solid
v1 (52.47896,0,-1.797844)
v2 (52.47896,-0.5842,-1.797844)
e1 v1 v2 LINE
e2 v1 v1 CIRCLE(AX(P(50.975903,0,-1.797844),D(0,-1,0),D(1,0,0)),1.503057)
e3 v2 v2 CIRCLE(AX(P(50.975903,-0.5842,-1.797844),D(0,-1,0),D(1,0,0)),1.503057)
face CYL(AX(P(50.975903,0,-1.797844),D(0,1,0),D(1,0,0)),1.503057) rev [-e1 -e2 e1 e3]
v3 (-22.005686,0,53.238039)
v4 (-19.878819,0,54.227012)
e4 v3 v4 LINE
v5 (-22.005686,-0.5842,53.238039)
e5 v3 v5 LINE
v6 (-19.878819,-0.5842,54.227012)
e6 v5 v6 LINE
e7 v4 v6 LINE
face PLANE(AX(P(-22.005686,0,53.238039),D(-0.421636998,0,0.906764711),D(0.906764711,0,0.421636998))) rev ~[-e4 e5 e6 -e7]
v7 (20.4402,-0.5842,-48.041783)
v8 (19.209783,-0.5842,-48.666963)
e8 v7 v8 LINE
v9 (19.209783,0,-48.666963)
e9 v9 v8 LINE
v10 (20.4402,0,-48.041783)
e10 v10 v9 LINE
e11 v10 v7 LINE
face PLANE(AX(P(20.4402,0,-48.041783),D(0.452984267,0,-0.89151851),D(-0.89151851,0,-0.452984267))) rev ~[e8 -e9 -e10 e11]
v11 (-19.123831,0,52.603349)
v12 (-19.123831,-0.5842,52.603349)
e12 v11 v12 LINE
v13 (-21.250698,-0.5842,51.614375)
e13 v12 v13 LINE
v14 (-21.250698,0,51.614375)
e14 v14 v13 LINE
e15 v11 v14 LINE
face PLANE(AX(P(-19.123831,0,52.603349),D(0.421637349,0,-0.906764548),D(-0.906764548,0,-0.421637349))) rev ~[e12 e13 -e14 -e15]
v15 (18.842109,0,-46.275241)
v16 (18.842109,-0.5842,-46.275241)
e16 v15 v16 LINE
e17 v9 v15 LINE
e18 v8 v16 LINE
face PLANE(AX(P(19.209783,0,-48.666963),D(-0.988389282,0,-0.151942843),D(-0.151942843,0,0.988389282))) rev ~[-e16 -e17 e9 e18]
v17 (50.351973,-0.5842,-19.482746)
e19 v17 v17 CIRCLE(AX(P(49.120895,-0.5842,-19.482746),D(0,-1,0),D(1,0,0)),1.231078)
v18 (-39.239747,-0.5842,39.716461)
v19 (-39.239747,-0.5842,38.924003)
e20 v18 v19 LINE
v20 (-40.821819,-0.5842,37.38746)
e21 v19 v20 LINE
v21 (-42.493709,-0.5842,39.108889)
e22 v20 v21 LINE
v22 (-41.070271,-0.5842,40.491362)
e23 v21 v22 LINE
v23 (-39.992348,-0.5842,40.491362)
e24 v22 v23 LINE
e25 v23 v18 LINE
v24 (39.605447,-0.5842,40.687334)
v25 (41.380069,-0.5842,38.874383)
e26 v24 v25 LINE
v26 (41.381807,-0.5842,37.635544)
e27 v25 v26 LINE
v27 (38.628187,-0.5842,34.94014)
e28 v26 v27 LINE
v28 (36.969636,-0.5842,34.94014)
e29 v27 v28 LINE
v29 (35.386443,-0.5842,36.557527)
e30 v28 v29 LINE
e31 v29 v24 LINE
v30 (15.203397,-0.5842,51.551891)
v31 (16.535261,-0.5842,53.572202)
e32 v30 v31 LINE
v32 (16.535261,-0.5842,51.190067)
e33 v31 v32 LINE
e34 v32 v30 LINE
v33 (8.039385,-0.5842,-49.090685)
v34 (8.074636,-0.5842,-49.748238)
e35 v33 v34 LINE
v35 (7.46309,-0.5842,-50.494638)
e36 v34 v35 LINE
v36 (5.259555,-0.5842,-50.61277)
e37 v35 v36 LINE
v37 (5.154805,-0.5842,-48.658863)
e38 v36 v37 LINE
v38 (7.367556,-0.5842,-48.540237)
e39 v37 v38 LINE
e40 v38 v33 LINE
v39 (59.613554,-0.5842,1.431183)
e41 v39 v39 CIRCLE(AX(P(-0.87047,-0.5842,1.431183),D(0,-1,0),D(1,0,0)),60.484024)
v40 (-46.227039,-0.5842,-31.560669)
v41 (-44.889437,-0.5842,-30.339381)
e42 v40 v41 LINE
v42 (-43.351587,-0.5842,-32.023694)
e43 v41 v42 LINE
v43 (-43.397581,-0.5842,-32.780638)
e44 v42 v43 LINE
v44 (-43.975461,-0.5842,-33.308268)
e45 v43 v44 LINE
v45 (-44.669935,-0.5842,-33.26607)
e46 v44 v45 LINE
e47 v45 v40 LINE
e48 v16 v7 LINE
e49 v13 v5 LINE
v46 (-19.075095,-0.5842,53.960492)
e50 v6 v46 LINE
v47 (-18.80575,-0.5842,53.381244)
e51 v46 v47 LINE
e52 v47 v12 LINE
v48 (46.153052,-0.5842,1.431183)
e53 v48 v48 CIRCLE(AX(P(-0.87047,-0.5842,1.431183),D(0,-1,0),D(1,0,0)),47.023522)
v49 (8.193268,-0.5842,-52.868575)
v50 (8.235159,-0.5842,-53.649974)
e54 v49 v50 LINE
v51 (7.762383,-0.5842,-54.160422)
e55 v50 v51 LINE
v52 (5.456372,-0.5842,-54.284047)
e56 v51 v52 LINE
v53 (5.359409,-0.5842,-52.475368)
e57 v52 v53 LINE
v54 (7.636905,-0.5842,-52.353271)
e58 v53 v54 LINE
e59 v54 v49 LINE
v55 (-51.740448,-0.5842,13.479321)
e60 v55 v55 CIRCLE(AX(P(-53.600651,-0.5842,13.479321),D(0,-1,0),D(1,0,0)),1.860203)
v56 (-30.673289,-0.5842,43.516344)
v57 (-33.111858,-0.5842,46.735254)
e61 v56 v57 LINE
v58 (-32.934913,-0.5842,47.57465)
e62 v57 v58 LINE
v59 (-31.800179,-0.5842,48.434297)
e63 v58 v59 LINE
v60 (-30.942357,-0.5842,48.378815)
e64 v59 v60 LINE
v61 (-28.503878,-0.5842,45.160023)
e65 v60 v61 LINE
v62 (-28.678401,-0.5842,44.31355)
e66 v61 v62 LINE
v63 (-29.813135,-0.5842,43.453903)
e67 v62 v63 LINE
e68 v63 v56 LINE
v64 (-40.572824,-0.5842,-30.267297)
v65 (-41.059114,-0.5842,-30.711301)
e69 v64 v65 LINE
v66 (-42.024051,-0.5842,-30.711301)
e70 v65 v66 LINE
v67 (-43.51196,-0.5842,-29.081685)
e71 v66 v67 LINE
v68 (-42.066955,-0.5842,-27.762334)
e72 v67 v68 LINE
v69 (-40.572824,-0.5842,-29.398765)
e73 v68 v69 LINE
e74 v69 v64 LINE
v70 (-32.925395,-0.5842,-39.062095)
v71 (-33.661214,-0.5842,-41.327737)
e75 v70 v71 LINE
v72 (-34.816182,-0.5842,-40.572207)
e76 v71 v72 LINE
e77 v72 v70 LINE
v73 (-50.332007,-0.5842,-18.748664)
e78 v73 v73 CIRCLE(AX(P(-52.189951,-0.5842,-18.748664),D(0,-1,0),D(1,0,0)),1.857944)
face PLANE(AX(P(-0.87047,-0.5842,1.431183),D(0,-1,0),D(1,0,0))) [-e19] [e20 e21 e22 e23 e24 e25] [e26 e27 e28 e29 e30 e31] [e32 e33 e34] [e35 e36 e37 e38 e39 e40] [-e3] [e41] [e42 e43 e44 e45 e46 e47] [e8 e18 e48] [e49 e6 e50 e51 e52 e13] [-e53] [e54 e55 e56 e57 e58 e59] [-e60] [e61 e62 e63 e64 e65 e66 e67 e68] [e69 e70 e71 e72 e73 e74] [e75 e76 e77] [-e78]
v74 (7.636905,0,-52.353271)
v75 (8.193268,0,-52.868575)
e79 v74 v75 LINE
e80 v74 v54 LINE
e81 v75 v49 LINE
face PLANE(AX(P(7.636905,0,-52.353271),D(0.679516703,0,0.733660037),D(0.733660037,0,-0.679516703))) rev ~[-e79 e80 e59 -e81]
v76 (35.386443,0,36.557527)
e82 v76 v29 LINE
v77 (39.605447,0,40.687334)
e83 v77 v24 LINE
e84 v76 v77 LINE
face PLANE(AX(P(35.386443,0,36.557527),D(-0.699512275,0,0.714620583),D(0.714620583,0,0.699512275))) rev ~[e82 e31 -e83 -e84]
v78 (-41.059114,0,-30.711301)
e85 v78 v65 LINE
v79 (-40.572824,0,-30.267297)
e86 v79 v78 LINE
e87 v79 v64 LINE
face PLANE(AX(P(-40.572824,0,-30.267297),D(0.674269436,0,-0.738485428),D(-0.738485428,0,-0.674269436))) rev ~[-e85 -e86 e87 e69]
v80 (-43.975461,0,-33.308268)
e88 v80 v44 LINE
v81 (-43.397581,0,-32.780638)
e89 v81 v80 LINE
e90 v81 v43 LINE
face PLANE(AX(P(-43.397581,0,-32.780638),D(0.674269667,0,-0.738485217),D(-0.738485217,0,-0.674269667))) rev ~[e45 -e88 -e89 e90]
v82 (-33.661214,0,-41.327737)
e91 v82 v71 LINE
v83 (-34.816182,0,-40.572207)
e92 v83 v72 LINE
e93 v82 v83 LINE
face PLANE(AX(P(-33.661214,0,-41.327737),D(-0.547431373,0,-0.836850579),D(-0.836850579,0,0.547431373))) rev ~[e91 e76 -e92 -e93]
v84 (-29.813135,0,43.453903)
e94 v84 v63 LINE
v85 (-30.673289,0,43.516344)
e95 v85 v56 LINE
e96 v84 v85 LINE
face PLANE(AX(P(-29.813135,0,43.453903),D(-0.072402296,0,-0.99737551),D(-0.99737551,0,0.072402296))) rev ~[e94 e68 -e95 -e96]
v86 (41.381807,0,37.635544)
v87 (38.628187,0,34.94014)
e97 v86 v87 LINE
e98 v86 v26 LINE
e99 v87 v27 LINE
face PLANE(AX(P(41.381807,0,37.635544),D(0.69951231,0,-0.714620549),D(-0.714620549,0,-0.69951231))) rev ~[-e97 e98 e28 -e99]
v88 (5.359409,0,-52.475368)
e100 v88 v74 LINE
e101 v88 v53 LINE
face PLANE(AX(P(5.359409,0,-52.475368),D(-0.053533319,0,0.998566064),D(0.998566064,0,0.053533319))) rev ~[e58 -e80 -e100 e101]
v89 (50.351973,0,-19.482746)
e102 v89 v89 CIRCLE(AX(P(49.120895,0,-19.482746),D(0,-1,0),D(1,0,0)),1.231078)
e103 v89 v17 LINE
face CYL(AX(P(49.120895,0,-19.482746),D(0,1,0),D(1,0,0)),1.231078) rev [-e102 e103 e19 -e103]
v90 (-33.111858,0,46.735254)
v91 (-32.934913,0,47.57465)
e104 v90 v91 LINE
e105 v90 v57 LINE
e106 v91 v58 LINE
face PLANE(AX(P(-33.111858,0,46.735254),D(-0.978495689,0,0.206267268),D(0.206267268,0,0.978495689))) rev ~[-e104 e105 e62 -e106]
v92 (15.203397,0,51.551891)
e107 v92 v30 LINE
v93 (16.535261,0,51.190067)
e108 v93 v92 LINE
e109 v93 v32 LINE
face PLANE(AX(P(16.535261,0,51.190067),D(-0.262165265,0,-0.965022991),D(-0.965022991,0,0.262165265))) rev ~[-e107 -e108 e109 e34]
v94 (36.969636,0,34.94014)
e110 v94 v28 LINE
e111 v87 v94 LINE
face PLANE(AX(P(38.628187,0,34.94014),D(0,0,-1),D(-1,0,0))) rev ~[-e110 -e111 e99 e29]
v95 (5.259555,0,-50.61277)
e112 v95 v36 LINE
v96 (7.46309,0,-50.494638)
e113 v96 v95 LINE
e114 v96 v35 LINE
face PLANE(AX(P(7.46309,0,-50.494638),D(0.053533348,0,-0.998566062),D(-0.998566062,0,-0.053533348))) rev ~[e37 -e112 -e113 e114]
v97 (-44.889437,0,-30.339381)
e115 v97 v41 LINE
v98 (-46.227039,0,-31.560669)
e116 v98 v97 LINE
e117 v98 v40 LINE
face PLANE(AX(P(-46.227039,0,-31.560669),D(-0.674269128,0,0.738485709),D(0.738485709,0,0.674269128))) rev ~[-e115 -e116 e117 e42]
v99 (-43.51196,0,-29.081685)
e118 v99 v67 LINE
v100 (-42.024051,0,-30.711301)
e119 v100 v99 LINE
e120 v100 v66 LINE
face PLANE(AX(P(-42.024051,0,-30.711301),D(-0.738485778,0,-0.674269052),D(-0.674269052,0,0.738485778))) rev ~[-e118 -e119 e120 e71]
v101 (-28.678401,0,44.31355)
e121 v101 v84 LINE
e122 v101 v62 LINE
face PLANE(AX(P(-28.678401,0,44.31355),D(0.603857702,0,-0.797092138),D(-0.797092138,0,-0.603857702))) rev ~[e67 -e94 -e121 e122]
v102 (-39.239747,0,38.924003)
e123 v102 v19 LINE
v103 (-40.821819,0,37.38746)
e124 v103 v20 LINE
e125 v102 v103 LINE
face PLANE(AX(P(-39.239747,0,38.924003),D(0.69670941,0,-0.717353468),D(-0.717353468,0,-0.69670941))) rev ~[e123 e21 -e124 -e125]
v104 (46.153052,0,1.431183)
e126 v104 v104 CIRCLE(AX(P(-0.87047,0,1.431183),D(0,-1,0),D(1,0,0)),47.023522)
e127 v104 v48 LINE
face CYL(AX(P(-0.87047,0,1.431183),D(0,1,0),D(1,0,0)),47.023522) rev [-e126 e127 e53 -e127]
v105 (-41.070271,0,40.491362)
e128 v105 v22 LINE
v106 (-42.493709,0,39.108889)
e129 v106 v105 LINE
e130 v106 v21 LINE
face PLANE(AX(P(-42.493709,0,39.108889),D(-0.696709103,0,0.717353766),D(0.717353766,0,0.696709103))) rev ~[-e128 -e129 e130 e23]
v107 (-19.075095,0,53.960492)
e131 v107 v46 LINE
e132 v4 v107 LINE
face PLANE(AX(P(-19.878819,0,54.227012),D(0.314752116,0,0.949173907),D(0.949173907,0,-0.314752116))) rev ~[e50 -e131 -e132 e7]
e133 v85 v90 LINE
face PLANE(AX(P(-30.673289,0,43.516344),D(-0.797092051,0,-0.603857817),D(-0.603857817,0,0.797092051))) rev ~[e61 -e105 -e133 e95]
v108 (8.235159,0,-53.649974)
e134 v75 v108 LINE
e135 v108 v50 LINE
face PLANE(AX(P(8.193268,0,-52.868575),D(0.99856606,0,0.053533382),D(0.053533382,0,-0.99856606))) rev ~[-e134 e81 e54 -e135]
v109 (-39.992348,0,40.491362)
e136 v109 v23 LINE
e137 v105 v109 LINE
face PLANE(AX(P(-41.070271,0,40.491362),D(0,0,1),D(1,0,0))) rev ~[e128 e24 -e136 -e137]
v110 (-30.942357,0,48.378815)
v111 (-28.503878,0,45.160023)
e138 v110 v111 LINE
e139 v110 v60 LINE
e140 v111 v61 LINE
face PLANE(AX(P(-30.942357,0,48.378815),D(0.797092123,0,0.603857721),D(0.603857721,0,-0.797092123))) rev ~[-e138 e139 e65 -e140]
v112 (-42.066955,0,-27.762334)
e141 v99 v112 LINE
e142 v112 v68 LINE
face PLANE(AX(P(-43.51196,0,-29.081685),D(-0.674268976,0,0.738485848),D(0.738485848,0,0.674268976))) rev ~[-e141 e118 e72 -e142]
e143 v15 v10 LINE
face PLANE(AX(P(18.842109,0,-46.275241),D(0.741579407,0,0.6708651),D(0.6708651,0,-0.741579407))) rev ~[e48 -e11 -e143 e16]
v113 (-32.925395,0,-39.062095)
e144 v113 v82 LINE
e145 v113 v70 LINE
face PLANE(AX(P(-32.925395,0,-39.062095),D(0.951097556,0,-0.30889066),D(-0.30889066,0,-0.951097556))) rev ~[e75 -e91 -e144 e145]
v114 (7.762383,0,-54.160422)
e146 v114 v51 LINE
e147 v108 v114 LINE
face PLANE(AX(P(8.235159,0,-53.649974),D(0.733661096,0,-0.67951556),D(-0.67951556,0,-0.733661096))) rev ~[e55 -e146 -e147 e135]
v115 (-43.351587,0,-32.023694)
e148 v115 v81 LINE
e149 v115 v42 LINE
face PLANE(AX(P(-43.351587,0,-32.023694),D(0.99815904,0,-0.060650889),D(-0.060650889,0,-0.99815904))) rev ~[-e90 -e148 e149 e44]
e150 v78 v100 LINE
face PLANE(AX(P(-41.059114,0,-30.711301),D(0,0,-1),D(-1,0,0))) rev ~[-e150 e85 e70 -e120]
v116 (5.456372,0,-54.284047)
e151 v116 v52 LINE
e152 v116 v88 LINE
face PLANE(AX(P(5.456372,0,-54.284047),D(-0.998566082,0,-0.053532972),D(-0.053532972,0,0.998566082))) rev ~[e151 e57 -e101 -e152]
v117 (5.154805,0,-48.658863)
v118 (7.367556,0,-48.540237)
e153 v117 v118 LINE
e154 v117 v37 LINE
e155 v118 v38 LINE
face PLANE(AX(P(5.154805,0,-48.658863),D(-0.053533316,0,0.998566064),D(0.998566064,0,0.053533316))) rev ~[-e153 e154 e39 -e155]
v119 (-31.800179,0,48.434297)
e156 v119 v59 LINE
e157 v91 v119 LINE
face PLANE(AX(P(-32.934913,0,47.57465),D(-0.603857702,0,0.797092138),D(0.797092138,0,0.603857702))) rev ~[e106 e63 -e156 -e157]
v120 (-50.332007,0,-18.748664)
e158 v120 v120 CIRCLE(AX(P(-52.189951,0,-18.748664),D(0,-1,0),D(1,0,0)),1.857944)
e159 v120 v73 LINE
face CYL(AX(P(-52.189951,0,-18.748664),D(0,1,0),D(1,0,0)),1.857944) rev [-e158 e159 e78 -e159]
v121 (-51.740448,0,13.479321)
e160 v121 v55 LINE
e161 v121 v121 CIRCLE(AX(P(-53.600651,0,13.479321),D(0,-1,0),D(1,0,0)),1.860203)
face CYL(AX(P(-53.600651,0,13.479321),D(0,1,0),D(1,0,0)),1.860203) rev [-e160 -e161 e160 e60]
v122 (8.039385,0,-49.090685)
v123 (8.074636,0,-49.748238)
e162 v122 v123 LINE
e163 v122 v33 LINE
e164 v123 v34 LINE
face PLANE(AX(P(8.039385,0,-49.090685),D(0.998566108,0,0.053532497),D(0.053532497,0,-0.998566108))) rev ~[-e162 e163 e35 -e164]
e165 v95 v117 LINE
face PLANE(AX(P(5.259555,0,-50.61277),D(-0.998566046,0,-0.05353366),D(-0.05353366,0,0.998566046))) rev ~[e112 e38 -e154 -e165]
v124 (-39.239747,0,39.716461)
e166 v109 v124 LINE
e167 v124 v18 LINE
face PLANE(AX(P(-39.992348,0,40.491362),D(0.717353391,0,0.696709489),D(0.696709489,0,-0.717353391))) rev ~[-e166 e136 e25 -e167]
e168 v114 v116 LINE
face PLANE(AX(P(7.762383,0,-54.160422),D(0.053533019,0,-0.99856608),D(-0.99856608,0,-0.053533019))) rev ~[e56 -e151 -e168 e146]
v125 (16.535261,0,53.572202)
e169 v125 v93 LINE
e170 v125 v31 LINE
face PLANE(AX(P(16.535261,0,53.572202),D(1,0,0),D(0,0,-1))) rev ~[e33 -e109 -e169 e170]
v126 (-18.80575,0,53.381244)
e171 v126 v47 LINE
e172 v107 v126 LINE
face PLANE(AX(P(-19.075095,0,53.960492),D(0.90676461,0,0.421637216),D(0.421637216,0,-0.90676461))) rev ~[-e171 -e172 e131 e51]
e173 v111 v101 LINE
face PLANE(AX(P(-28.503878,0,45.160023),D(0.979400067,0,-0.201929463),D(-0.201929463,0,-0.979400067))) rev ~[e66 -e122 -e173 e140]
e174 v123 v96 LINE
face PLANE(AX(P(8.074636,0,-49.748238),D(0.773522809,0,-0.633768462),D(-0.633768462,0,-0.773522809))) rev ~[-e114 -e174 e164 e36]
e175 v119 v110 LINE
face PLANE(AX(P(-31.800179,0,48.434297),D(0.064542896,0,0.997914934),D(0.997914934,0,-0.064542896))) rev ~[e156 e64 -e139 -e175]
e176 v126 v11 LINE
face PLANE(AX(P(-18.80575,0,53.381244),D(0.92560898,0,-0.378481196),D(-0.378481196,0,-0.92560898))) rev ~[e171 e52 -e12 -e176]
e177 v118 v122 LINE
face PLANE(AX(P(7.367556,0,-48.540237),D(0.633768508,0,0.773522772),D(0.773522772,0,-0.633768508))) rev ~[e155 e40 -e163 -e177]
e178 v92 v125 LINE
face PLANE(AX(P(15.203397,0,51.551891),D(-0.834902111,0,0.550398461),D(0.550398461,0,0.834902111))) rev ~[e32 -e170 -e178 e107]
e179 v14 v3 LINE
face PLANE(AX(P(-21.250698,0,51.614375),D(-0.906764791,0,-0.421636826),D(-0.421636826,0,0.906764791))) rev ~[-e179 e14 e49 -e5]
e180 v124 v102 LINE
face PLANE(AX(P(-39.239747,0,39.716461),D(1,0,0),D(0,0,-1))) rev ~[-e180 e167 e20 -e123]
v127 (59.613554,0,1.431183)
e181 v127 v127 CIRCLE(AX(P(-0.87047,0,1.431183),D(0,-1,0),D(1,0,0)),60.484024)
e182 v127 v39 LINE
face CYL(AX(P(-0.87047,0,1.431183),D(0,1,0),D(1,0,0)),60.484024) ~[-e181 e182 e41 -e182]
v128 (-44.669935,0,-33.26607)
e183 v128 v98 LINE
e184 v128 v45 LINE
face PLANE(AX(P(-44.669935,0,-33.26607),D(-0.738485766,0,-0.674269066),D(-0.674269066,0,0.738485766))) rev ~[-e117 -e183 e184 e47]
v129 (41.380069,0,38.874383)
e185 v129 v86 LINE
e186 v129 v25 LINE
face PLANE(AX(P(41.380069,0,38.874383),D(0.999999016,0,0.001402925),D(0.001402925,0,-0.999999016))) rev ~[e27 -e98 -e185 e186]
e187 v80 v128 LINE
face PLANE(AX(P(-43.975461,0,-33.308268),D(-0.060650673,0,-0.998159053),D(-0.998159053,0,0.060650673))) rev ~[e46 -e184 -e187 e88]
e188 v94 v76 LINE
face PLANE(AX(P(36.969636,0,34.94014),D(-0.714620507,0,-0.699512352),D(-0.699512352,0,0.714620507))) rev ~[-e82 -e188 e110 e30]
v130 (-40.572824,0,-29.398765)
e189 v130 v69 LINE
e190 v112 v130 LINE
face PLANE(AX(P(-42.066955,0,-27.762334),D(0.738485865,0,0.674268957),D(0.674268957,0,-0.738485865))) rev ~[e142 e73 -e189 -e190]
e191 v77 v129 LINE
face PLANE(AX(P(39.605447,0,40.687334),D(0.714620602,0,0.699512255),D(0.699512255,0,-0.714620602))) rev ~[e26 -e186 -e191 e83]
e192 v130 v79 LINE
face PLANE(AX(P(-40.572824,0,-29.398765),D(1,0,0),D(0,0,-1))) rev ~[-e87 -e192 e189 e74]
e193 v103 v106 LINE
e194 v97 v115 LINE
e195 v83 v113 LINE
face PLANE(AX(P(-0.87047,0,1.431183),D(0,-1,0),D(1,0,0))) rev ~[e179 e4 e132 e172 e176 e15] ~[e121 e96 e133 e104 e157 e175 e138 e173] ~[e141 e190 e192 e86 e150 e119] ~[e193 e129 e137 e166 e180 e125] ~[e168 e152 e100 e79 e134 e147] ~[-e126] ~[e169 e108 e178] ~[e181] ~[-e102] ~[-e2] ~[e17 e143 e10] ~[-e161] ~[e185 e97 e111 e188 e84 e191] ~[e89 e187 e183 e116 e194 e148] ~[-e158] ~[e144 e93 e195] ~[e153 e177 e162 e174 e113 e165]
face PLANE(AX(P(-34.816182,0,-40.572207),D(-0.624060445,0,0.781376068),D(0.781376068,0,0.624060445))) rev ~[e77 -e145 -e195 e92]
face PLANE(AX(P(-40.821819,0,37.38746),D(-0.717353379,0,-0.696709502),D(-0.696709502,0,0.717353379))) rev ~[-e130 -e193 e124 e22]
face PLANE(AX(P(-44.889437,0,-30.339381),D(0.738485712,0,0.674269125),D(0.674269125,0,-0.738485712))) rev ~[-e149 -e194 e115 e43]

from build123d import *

# Parameters (mm, degrees)
F0_R     = 60.484024
F0_R_2   = 1.857944
F0_R_3   = 1.231078
F0_R_4   = 1.503057
F0_R_5   = 1.860203
F0_R_6   = 47.023522
F1_DEPTH = 0.5842


with BuildPart() as f1:
    # F0 (on Front) → F1 (new body)
    with BuildSketch(Plane.XZ):
        with Locations((-0.87047, 1.431183)):
            Circle(F0_R)
        Polygon((-33.661214, -41.327737), (-34.816182, -40.572207), (-32.925395, -39.062095), align=None, mode=Mode.SUBTRACT)
        Polygon((-44.669935, -33.26607), (-46.227039, -31.560669), (-44.889437, -30.339381), (-43.351587, -32.023694), (-43.397581, -32.780638), (-43.975461, -33.308268), align=None, mode=Mode.SUBTRACT)
        Polygon((-43.51196, -29.081685), (-42.066955, -27.762334), (-40.572824, -29.398765), (-40.572824, -30.267297), (-41.059114, -30.711301), (-42.024051, -30.711301), align=None, mode=Mode.SUBTRACT)
        with Locations((-52.189951, -18.748664)):
            Circle(F0_R_2, mode=Mode.SUBTRACT)
        Polygon((7.762383, -54.160422), (5.456372, -54.284047), (5.359409, -52.475368), (7.636905, -52.353271), (8.193268, -52.868575), (8.235159, -53.649974), align=None, mode=Mode.SUBTRACT)
        Polygon((5.259555, -50.61277), (5.154805, -48.658863), (7.367556, -48.540237), (8.039385, -49.090685), (8.074636, -49.748238), (7.46309, -50.494638), align=None, mode=Mode.SUBTRACT)
        Polygon((20.4402, -48.041783), (19.209783, -48.666963), (18.842109, -46.275241), align=None, mode=Mode.SUBTRACT)
        with Locations((49.120895, -19.482746)):
            Circle(F0_R_3, mode=Mode.SUBTRACT)
        with Locations((50.975903, -1.797844)):
            Circle(F0_R_4, mode=Mode.SUBTRACT)
        with Locations((-53.600651, 13.479321)):
            Circle(F0_R_5, mode=Mode.SUBTRACT)
        Polygon((-40.821819, 37.38746), (-42.493709, 39.108889), (-41.070271, 40.491362), (-39.992348, 40.491362), (-39.239747, 39.716461), (-39.239747, 38.924003), align=None, mode=Mode.SUBTRACT)
        Polygon((-33.111858, 46.735254), (-32.934913, 47.57465), (-31.800179, 48.434297), (-30.942357, 48.378815), (-28.503878, 45.160023), (-28.678401, 44.31355), (-29.813135, 43.453903), (-30.673289, 43.516344), align=None, mode=Mode.SUBTRACT)
        Polygon((-21.250698, 51.614375), (-22.005686, 53.238039), (-19.878819, 54.227012), (-19.075095, 53.960492), (-18.80575, 53.381244), (-19.123831, 52.603349), align=None, mode=Mode.SUBTRACT)
        with Locations((-0.87047, 1.431183)):
            Circle(F0_R_6, mode=Mode.SUBTRACT)
        Polygon((16.535261, 51.190067), (15.203397, 51.551891), (16.535261, 53.572202), align=None, mode=Mode.SUBTRACT)
        Polygon((35.386443, 36.557527), (39.605447, 40.687334), (41.380069, 38.874383), (41.381807, 37.635544), (38.628187, 34.94014), (36.969636, 34.94014), align=None, mode=Mode.SUBTRACT)
    extrude(amount=F1_DEPTH)


solid = f1.part
